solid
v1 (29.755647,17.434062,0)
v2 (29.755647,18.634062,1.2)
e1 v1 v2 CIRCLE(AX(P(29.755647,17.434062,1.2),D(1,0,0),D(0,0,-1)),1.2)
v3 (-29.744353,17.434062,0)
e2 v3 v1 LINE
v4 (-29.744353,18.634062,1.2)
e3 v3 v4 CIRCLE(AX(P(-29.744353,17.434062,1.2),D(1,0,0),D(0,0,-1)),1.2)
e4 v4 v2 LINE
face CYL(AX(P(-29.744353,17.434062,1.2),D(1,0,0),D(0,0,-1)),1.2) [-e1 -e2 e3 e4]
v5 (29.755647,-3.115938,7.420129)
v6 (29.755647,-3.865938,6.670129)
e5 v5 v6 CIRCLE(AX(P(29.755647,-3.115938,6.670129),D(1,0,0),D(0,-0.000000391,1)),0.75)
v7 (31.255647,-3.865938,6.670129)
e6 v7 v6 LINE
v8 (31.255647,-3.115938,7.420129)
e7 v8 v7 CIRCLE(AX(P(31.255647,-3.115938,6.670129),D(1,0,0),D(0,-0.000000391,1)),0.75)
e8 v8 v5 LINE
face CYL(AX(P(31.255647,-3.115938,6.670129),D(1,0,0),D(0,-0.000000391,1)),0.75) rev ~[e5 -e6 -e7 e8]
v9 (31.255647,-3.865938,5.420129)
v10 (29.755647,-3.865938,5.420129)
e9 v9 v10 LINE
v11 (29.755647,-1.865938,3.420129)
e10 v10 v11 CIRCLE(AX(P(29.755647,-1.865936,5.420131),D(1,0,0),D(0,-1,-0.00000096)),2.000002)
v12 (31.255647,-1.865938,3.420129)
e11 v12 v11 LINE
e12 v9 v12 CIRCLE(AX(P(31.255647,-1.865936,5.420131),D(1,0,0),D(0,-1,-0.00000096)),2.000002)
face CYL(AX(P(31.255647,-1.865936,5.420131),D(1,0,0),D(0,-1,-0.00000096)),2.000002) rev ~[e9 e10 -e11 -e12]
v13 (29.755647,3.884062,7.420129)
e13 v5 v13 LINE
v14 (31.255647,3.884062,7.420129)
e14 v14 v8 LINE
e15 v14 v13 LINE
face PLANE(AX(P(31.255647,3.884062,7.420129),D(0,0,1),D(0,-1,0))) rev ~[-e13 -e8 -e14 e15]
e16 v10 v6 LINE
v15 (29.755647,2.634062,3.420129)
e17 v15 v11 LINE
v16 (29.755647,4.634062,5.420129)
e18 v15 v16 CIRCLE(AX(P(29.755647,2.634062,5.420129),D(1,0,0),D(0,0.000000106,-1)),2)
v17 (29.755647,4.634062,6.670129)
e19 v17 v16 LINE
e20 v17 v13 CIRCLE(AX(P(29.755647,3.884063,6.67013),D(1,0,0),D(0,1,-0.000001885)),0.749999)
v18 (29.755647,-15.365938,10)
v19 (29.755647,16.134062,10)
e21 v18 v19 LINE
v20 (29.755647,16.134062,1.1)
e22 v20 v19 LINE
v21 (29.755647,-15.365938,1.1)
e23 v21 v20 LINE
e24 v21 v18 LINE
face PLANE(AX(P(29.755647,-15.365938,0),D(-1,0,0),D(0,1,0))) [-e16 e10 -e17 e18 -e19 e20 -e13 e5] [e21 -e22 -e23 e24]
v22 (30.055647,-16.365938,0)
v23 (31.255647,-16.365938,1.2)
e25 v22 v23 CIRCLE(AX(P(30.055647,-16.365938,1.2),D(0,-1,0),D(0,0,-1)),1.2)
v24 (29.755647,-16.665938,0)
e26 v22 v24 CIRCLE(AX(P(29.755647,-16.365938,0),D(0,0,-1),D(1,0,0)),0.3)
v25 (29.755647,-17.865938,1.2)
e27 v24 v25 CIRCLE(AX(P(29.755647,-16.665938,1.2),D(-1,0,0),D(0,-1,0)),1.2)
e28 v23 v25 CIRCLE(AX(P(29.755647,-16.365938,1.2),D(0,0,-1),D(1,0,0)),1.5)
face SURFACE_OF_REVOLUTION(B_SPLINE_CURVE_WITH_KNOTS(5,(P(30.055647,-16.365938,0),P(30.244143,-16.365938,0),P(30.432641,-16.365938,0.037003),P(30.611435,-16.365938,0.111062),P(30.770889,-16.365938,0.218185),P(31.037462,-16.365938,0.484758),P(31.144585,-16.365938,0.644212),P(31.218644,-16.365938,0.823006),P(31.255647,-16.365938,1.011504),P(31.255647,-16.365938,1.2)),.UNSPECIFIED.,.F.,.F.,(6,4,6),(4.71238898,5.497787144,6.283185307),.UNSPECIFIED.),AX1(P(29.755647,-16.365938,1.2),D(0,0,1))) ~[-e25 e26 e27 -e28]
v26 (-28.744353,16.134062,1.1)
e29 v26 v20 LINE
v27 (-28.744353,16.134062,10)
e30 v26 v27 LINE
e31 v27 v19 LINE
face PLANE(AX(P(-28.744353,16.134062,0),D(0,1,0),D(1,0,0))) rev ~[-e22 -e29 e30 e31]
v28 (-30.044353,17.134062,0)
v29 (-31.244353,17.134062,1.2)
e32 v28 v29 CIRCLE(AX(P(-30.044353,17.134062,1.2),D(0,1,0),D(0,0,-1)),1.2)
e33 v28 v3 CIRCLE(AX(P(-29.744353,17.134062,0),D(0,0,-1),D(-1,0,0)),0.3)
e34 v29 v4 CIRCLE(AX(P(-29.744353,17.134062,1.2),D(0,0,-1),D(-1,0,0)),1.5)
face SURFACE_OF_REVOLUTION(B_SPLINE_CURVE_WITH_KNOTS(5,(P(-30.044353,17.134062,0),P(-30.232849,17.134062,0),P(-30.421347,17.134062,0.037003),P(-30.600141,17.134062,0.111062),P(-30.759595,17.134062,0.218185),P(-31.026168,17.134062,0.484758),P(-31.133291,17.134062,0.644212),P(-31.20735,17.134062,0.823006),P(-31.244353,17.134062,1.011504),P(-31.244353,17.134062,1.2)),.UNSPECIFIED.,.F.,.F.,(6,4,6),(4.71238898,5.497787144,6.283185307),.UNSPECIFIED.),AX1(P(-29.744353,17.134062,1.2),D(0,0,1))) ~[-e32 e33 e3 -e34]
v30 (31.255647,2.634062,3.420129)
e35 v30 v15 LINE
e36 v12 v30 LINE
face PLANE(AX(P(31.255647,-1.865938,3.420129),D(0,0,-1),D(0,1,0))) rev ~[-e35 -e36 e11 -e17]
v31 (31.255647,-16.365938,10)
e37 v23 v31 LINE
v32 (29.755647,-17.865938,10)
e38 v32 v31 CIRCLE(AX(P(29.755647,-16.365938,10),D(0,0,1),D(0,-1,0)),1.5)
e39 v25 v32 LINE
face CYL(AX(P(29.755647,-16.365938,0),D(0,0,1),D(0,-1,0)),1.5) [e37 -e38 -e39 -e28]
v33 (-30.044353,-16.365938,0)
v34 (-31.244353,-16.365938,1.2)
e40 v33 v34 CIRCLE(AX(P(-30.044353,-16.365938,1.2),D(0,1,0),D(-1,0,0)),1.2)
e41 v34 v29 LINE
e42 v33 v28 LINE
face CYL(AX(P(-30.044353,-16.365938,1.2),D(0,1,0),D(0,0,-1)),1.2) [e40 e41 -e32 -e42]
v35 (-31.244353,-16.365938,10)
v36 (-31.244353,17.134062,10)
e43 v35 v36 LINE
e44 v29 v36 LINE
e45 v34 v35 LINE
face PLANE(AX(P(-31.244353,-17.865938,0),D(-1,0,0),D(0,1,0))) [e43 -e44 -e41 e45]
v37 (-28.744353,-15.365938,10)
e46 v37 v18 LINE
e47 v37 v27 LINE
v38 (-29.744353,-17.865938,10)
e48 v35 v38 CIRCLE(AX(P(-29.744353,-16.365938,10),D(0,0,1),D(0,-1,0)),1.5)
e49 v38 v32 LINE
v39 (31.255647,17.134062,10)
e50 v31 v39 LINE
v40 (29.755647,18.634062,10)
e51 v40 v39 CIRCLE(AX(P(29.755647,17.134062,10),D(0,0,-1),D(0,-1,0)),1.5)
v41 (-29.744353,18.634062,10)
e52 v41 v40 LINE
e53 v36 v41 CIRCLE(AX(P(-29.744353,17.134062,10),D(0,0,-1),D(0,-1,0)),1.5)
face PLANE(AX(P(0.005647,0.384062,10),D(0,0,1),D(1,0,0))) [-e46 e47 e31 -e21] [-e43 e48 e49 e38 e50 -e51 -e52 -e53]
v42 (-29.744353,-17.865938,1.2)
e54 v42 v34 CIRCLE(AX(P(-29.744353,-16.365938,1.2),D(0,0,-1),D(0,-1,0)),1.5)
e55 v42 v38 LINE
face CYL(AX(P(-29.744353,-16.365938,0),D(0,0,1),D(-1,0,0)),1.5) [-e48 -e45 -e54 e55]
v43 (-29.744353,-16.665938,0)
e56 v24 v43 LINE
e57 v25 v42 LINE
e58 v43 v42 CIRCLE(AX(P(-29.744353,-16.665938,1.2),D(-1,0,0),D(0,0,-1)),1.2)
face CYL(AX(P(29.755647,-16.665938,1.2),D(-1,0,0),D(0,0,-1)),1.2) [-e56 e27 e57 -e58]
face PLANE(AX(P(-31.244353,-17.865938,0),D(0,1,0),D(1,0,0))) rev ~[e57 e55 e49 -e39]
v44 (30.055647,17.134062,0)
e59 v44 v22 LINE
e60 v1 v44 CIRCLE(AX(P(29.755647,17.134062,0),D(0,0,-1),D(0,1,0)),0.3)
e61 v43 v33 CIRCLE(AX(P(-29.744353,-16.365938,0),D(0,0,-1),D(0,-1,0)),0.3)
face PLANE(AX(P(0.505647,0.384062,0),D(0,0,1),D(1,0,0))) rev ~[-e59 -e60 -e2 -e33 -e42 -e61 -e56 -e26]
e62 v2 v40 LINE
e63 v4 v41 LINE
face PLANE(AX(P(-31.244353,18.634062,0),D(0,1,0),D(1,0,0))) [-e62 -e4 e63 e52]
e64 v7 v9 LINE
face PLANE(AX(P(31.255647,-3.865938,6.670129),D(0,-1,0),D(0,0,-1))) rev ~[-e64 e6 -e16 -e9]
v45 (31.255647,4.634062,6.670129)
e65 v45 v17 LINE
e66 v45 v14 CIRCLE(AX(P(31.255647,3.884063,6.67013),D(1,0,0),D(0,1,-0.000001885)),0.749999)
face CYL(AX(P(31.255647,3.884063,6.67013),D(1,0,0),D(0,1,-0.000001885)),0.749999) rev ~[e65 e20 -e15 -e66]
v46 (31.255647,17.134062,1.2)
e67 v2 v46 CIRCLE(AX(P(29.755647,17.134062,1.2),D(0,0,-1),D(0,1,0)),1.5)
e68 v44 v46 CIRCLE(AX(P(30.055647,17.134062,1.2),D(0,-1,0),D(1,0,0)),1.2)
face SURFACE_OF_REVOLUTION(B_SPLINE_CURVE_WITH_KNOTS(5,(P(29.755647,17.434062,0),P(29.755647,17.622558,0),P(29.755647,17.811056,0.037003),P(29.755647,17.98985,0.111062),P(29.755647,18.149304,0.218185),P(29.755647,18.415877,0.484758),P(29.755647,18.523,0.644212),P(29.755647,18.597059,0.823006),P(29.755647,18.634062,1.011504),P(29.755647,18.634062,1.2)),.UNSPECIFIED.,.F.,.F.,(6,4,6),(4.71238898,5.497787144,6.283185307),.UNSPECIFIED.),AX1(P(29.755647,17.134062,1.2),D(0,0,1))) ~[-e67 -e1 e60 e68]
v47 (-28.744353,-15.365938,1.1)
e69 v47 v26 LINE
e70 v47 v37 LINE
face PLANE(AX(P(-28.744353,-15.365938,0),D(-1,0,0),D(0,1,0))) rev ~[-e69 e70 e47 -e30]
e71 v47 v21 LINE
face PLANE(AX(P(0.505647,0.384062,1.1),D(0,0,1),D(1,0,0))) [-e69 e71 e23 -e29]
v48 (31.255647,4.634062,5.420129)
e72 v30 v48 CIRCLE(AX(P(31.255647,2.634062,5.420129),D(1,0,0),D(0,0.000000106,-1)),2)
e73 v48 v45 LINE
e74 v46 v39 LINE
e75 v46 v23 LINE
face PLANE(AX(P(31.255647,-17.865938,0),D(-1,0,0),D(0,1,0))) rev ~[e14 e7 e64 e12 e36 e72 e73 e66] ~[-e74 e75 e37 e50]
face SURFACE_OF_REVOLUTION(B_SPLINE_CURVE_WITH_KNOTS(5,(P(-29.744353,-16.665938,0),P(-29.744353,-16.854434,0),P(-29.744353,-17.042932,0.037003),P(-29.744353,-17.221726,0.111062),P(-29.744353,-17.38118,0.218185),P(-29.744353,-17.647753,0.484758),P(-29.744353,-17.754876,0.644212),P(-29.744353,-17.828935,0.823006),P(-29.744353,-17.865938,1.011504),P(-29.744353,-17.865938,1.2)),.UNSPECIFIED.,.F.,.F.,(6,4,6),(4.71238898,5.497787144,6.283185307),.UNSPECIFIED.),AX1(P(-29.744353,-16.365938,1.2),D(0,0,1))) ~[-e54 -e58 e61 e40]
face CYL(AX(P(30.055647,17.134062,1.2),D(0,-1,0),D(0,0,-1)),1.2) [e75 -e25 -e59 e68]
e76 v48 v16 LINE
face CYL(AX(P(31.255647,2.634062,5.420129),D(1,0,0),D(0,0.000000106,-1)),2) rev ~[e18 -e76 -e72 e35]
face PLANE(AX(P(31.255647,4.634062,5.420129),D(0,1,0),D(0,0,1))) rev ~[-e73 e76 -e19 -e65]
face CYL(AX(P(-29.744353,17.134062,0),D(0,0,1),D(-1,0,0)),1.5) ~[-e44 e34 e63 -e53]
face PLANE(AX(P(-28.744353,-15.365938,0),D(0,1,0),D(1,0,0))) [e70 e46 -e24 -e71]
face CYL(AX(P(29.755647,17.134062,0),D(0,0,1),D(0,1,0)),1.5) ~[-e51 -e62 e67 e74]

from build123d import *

# Parameters (mm, degrees)
F0_W     = 62.5
F0_H     = 36.5
F0_W_2   = 58.5
F0_H_2   = 31.5
F1_DEPTH = 10
F2_DEPTH = 1.1
F3_R     = 1.5
F4_R     = 1.2
F6_DEPTH = 3


with BuildPart() as f1:
    # F0 (on Top) → F1 (new body)
    with BuildSketch(Plane.XY):
        with Locations((0.005647, 0.384062)):
            Rectangle(F0_W, F0_H)
        with Locations((0.505647, 0.384062)):
            Rectangle(F0_W_2, F0_H_2, mode=Mode.SUBTRACT)
    extrude(amount=F1_DEPTH)

    # F0 (on Top) → F2 (join)
    with BuildSketch(Plane.XY):
        with Locations((0.505647, 0.384062)):
            Rectangle(F0_W_2, F0_H_2)
    extrude(amount=F2_DEPTH)

    # F3
    f3_edges = [f1.edges().sort_by_distance(p)[0] for p in [
        (31.255647, -17.865938, 5),
        (31.255647, 18.634062, 5),
        (-31.244353, 18.634062, 5),
        (-31.244353, -17.865938, 5),
    ]]
    fillet(f3_edges, radius=F3_R)

    # F4
    f4_edges = [f1.edges().sort_by_distance(p)[0] for p in [
        (0.005647, 18.634062, 0),
        (30.816307, 18.194723, 0),
        (-30.805013, 18.194723, 0),
        (31.255647, 0.384062, 0),
        (-31.244353, 0.384062, 0),
        (30.816307, -17.426598, 0),
        (-30.805013, -17.426598, 0),
        (0.005647, -17.865938, 0),
    ]]
    fillet(f4_edges, radius=F4_R)

    # F5 (on face) → F6 (cut)
    with BuildSketch(Plane.YZ.offset(31.255647)):
        with BuildLine():
            Line((3.884062, 7.420129), (-3.115938, 7.420129))
            ThreePointArc((-3.115938, 7.420129), (-3.646268, 7.200459), (-3.865938, 6.670129))
            Line((-3.865938, 6.670129), (-3.865938, 5.420129))
            ThreePointArc((-3.865938, 5.420129), (-3.280151, 4.005916), (-1.865938, 3.420129))
            Line((-1.865938, 3.420129), (2.634062, 3.420129))
            ThreePointArc((2.634062, 3.420129), (4.048276, 4.005916), (4.634062, 5.420129))
            Line((4.634062, 5.420129), (4.634062, 6.670129))
            ThreePointArc((4.634062, 6.670129), (4.414393, 7.200459), (3.884062, 7.420129))
        make_face()
    extrude(amount=-F6_DEPTH, mode=Mode.SUBTRACT)


solid = f1.part
